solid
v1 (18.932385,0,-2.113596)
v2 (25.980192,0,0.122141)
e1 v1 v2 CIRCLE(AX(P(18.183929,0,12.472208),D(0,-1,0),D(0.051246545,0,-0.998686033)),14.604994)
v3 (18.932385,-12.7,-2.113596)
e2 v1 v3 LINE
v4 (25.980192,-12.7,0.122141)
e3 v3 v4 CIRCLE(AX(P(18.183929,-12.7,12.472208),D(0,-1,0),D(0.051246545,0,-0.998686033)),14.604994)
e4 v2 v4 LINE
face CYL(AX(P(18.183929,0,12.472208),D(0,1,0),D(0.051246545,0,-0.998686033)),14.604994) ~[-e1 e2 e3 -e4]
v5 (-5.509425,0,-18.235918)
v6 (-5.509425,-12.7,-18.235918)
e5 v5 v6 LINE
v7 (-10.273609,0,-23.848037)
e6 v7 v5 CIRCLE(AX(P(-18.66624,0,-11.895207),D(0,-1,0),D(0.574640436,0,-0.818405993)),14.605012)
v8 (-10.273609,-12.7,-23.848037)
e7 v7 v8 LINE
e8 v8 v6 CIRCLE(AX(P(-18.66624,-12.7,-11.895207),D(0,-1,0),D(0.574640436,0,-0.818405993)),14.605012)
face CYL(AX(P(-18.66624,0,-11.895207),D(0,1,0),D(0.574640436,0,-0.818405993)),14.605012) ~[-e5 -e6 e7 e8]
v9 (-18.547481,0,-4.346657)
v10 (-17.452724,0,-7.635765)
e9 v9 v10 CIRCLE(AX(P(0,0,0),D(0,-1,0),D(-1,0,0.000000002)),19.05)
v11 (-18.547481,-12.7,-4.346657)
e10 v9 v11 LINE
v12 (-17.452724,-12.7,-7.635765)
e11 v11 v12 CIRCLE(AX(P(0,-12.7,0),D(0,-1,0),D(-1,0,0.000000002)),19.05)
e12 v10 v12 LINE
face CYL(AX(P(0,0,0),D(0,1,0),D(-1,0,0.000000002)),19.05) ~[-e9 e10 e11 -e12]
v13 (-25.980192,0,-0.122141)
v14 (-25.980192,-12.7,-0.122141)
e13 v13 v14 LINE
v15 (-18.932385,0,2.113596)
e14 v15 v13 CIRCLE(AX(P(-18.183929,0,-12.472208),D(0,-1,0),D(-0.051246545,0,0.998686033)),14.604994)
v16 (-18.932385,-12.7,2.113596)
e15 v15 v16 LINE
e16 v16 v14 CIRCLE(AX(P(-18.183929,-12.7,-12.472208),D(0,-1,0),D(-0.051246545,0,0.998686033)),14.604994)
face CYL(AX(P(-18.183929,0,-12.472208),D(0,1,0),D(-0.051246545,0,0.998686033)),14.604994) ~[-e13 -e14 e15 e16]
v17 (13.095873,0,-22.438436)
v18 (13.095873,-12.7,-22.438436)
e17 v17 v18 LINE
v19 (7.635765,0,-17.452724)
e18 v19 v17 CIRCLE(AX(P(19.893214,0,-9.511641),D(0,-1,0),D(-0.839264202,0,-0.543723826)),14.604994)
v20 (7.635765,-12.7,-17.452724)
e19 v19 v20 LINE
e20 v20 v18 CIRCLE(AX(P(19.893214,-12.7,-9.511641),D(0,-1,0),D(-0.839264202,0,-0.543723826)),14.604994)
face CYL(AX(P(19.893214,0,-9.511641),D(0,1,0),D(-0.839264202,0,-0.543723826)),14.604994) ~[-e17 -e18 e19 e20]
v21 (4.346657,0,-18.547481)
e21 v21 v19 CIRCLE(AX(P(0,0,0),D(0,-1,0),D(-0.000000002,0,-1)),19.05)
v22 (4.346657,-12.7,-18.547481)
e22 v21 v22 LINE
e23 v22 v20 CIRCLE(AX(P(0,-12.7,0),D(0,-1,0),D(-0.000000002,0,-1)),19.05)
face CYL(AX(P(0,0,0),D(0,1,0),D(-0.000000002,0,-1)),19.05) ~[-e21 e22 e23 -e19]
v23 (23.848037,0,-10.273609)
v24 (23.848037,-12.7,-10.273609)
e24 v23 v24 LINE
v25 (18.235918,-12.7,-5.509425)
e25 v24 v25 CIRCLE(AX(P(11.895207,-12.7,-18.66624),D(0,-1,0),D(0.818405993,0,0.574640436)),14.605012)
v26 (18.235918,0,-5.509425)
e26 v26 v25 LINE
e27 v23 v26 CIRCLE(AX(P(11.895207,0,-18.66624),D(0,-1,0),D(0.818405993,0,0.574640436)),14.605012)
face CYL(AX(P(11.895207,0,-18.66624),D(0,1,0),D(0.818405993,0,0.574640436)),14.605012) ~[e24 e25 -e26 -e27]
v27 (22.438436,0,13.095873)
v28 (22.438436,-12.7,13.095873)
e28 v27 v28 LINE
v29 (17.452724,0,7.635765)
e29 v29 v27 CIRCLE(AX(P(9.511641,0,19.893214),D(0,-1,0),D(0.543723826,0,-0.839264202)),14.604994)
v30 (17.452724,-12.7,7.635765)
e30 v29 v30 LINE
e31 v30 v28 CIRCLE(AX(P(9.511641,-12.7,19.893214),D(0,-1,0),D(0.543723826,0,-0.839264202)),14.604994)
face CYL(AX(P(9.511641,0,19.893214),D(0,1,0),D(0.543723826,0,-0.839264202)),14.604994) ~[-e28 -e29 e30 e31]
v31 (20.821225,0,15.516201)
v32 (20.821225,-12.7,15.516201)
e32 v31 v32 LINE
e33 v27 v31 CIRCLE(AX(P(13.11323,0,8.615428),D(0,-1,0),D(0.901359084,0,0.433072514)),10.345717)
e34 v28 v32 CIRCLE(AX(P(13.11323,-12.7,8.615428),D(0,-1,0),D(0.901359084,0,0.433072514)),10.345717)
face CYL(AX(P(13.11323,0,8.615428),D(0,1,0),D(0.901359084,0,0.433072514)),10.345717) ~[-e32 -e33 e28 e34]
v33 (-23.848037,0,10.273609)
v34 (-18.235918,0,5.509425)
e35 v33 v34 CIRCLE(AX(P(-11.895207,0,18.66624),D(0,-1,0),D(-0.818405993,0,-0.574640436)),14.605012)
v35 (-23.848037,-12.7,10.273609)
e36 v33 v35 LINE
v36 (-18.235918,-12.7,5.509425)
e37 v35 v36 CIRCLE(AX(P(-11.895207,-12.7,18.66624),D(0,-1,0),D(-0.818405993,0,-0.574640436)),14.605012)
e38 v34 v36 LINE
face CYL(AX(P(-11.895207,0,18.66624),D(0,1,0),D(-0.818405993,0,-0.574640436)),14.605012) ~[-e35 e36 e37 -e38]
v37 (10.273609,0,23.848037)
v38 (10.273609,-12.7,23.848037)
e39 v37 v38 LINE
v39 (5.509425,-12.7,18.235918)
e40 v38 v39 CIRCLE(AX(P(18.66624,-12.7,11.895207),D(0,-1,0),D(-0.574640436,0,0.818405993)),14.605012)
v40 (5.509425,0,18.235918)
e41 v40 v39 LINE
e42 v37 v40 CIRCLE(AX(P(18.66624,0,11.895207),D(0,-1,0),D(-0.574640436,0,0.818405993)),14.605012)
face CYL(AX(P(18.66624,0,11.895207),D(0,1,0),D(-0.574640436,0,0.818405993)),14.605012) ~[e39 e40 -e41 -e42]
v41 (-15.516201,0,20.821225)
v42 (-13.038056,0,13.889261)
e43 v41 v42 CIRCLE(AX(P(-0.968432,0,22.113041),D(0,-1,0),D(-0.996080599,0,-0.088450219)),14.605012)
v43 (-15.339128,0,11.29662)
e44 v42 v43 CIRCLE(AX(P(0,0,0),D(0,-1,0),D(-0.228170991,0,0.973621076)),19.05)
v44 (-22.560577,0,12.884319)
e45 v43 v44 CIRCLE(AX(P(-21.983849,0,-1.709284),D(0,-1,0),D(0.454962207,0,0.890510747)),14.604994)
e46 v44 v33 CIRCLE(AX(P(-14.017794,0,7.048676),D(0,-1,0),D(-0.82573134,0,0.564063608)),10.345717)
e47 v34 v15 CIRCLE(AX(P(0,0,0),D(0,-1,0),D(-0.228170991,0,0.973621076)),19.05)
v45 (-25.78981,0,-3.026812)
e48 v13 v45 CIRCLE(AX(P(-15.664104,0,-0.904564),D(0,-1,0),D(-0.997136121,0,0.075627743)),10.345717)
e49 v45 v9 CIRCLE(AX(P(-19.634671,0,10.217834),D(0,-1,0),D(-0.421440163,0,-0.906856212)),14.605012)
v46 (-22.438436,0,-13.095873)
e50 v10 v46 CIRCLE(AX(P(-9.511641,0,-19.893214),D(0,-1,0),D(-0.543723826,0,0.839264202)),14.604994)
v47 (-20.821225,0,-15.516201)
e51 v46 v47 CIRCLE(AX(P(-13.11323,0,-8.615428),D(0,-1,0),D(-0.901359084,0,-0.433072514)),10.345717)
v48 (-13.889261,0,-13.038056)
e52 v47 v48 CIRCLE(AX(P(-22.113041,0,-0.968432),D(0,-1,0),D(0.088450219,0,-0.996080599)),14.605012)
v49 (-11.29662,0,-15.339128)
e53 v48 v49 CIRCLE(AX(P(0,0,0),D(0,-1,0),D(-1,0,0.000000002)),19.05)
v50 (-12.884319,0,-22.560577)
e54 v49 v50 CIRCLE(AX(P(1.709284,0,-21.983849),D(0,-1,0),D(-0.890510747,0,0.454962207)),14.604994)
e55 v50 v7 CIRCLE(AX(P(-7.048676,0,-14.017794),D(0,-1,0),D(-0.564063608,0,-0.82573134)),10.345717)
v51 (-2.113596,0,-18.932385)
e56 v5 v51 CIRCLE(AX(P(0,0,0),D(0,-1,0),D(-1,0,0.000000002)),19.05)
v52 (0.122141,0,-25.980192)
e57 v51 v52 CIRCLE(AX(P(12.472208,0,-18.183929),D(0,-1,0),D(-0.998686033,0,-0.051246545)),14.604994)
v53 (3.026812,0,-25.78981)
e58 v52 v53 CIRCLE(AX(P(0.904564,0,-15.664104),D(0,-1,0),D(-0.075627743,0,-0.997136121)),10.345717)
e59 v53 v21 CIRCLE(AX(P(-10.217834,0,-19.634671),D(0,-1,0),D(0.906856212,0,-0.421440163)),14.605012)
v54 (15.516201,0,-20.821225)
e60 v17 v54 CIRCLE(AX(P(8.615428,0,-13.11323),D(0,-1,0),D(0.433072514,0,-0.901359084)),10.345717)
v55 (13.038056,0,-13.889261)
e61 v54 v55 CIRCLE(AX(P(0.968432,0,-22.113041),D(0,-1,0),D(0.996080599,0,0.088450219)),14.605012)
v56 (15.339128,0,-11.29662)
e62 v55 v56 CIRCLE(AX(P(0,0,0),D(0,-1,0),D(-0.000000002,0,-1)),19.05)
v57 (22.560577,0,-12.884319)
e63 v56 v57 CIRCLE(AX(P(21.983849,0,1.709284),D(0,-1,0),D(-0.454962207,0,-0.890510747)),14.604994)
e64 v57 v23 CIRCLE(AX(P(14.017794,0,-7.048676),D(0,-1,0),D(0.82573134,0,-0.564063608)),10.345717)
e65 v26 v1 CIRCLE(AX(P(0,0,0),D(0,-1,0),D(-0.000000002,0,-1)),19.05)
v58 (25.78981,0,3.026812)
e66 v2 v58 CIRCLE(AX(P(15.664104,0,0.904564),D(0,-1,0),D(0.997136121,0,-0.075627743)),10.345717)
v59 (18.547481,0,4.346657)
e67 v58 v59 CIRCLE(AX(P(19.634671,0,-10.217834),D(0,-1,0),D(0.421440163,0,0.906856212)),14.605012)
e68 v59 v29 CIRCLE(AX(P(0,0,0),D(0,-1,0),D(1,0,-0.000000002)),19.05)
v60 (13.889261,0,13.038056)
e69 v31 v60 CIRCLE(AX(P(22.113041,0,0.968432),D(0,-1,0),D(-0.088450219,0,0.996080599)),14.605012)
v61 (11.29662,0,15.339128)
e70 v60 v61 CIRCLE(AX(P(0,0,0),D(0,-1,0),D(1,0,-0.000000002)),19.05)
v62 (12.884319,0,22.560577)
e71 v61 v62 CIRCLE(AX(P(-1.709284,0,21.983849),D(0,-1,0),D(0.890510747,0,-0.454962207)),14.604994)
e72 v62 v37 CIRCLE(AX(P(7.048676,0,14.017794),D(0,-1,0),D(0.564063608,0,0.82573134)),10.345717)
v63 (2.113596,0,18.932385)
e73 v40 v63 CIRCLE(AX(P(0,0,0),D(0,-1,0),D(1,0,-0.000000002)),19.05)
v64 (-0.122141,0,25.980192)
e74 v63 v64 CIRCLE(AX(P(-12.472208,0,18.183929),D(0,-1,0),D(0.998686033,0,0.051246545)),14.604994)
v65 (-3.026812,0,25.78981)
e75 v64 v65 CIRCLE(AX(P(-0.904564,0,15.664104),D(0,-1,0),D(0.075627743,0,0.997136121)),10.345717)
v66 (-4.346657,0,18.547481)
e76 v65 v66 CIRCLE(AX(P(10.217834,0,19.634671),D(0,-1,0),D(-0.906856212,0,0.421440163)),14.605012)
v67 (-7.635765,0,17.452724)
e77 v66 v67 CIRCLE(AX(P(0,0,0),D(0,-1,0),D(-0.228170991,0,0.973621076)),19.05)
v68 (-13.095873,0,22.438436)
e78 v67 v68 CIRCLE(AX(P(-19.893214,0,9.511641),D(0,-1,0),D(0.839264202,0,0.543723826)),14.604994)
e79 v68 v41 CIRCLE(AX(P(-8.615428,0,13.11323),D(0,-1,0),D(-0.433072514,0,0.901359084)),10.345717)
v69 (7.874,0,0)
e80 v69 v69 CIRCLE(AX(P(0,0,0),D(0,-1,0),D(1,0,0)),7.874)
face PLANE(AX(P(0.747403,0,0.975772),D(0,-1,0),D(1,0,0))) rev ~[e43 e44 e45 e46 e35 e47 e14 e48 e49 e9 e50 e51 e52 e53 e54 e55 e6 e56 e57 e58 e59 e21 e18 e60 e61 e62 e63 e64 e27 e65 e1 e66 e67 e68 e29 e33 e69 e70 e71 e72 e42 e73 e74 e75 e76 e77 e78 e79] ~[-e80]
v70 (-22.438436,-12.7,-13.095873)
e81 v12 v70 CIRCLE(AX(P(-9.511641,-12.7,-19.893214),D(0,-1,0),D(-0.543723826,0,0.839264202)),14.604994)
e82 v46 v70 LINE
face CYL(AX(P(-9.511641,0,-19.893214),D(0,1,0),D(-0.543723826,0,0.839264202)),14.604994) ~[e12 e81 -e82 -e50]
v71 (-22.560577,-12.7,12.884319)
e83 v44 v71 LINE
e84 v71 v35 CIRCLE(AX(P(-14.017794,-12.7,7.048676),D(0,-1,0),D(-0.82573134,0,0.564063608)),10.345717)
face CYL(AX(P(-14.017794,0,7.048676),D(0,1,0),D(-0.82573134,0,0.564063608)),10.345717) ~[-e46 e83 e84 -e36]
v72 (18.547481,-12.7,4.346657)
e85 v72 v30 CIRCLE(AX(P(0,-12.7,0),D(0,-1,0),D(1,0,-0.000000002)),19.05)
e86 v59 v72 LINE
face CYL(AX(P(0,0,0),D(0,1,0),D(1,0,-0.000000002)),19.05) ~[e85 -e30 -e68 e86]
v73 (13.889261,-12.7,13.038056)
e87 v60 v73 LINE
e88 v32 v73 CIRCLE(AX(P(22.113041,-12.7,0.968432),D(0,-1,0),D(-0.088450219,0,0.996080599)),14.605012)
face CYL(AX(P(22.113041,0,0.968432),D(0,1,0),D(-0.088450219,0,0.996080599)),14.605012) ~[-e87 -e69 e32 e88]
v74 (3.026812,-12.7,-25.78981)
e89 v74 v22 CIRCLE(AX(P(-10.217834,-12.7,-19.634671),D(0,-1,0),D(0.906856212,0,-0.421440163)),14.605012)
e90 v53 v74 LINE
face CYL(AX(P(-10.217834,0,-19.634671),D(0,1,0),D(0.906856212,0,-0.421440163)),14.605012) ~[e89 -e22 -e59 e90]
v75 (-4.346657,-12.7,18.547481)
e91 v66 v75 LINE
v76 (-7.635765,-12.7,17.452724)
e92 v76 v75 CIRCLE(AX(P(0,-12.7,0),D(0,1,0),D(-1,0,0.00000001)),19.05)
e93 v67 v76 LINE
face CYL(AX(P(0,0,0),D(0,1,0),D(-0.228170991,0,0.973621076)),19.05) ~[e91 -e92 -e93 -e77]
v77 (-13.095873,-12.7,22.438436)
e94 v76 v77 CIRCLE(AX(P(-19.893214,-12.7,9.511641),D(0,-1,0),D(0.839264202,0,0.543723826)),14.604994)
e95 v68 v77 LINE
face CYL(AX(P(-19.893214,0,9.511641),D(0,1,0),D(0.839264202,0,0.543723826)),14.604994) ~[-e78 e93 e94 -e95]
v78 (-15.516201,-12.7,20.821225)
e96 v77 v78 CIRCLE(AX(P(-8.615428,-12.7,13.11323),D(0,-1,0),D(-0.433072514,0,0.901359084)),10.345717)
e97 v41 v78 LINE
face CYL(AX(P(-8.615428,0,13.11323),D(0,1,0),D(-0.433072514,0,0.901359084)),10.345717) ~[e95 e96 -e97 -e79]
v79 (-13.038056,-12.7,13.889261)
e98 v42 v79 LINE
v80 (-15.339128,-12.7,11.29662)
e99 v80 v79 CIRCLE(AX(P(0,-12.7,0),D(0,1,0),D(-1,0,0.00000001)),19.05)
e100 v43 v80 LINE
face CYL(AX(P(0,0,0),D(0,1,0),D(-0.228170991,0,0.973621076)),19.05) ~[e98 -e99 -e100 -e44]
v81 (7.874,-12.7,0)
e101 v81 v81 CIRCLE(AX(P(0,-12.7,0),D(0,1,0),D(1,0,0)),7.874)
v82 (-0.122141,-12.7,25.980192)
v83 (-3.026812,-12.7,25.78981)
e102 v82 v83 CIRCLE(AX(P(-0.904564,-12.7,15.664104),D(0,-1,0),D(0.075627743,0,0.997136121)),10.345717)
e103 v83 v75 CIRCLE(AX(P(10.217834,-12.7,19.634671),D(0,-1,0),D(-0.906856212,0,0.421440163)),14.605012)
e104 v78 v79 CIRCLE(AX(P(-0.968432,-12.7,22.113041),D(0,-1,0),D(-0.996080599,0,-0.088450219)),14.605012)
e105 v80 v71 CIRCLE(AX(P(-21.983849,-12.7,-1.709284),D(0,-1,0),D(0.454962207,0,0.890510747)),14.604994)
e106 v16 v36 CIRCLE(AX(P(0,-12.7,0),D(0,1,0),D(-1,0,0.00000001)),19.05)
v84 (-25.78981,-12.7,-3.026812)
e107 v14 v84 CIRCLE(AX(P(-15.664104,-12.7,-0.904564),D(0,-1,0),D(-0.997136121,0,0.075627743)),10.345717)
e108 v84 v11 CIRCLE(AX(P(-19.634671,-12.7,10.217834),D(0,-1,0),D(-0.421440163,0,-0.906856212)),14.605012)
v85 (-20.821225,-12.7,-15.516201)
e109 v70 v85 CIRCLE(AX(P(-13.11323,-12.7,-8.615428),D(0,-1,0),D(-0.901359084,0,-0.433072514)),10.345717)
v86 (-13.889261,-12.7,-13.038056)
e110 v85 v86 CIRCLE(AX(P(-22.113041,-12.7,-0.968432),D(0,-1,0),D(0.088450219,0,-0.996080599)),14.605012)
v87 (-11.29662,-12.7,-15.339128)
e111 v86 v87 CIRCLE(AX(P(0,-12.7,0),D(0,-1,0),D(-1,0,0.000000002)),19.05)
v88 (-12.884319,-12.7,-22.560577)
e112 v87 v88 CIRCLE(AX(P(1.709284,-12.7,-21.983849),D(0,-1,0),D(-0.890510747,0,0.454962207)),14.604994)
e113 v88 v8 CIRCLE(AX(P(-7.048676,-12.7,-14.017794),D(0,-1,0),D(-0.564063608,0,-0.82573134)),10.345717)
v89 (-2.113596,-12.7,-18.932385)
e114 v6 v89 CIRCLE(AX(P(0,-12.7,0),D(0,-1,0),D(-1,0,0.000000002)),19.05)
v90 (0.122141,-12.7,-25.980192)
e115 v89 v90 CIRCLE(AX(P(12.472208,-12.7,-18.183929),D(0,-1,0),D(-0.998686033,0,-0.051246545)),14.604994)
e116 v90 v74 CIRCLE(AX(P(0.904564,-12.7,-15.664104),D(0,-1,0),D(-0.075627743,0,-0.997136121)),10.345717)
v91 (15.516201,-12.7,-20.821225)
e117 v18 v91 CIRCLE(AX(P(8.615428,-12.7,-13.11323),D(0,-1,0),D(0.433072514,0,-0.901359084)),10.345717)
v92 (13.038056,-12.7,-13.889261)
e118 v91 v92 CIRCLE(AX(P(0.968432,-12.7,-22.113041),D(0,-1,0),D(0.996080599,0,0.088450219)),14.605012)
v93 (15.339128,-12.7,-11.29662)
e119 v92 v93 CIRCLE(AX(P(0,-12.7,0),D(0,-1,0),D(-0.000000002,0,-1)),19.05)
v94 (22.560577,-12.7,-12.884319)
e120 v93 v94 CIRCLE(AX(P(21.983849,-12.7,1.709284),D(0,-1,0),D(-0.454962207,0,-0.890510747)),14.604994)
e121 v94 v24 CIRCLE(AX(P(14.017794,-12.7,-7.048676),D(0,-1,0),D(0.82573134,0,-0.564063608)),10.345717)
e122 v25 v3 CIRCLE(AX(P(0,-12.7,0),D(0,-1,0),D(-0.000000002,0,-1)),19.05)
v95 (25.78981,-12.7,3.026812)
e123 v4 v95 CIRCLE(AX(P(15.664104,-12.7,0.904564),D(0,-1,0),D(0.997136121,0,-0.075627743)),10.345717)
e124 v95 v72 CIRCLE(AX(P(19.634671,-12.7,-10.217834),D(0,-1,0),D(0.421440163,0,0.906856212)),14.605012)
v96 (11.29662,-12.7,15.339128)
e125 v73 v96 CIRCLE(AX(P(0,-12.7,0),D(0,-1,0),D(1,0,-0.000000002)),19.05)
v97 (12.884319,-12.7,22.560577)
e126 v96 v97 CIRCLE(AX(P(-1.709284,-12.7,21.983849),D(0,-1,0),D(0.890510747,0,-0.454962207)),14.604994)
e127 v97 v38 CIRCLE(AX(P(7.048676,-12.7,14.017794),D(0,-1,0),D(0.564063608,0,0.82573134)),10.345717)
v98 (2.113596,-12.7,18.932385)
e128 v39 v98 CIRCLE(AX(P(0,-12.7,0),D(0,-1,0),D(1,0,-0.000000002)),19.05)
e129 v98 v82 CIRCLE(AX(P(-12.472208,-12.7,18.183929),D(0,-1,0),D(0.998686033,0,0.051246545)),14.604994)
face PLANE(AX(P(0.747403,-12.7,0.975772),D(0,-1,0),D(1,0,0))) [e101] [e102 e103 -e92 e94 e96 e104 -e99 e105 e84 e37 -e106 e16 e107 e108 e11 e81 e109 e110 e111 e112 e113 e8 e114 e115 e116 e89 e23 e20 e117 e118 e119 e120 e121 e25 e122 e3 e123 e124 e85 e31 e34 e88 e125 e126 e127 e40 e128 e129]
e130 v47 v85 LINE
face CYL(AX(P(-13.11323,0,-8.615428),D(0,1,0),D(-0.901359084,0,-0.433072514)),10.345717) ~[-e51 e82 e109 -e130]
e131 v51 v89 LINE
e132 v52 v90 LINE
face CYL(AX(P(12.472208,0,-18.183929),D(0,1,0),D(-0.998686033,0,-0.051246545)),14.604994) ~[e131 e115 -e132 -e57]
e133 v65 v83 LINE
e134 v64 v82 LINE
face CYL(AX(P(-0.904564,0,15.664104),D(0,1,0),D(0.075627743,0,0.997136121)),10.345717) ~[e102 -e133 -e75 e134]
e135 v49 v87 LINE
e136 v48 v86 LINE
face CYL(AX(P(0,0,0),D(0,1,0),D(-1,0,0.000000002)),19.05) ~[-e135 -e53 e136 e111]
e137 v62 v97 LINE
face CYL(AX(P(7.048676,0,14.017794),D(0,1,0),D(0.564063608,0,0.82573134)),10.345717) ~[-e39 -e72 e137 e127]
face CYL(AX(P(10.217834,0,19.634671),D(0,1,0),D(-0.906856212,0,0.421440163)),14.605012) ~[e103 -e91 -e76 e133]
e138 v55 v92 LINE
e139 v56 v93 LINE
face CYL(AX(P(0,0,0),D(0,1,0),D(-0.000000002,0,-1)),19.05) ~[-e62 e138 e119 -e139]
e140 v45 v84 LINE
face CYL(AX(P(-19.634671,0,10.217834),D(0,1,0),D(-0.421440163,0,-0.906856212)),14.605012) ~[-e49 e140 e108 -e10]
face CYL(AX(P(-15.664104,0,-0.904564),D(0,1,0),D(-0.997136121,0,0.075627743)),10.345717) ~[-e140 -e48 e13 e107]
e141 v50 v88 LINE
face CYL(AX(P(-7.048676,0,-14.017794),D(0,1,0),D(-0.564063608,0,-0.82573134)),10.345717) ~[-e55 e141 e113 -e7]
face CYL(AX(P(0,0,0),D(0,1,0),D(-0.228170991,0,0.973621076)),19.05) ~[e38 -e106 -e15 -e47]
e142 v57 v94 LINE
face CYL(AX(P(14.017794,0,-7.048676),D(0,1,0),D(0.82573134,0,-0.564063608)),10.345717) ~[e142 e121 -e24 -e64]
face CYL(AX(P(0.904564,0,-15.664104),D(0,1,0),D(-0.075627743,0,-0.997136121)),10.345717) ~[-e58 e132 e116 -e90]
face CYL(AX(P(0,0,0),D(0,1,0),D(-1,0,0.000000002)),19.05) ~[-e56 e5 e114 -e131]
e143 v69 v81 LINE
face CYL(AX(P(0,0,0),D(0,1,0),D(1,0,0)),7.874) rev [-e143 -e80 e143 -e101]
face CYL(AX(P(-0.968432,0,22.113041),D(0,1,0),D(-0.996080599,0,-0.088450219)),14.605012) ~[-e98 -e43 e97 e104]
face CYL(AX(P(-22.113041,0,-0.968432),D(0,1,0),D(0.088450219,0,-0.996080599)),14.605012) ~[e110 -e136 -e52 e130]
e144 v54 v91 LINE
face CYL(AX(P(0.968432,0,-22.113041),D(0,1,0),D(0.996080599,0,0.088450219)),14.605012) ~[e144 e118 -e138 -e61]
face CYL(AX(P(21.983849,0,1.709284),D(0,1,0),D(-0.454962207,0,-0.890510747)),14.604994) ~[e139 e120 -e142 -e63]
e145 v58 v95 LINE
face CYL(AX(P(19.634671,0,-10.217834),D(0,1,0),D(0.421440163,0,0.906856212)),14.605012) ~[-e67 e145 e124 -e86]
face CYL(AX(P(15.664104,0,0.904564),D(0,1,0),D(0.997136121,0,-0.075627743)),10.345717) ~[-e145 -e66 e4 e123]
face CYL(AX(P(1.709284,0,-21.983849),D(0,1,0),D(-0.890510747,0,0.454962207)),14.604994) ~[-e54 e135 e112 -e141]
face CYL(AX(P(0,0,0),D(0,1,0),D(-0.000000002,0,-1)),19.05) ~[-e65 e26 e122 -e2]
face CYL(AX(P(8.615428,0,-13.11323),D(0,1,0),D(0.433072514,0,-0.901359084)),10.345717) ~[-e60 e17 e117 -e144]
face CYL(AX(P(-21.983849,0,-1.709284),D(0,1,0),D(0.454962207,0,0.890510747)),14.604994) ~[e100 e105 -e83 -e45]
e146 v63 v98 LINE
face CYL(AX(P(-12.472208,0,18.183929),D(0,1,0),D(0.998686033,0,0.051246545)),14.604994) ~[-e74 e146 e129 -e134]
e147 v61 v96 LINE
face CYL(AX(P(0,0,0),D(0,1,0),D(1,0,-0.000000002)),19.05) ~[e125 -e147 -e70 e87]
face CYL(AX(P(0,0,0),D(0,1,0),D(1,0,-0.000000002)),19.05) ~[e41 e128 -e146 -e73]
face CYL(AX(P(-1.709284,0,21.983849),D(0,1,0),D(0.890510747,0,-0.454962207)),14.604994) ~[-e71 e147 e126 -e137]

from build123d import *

# Parameters (mm, degrees)
F0_R     = 7.874
F1_DEPTH = 12.7
F2_COUNT = 12
F2_ANGLE = 330


with BuildPart() as f1:
    # F0 (on Front) → F1 (new body)
    with BuildSketch(Plane.XZ):
        with BuildLine():
            ThreePointArc((-4.346657, 18.547481), (-11.834244, -14.928267), (19.05, 0))
            ThreePointArc((19.05, 0), (14.198002, 12.701151), (2.113596, 18.932385))
            ThreePointArc((2.113596, 18.932385), (-1.132995, 19.016278), (-4.346657, 18.547481))
        make_face()
        Circle(F0_R, mode=Mode.SUBTRACT)
        with BuildLine():
            ThreePointArc((-4.346657, 18.547481), (-1.132995, 19.016278), (2.113596, 18.932385))
            ThreePointArc((2.113596, 18.932385), (1.449113, 22.600114), (-0.122141, 25.980192))
            ThreePointArc((-0.122141, 25.980192), (-1.581205, 25.98767), (-3.026812, 25.78981))
            ThreePointArc((-3.026812, 25.78981), (-4.150529, 22.253168), (-4.346657, 18.547481))
        make_face()
    extrude(amount=F1_DEPTH)

    # F2: F1 ×12 about axis
    f2_axis = Axis((0, 0, 0), (0, 1, 0))


with BuildPart() as f1_1:
    add(f1.part)
    for i in range(1, F2_COUNT):
        add(f1.part.rotate(f2_axis, i * F2_ANGLE / (F2_COUNT - 1)))


solid = f1_1.part
